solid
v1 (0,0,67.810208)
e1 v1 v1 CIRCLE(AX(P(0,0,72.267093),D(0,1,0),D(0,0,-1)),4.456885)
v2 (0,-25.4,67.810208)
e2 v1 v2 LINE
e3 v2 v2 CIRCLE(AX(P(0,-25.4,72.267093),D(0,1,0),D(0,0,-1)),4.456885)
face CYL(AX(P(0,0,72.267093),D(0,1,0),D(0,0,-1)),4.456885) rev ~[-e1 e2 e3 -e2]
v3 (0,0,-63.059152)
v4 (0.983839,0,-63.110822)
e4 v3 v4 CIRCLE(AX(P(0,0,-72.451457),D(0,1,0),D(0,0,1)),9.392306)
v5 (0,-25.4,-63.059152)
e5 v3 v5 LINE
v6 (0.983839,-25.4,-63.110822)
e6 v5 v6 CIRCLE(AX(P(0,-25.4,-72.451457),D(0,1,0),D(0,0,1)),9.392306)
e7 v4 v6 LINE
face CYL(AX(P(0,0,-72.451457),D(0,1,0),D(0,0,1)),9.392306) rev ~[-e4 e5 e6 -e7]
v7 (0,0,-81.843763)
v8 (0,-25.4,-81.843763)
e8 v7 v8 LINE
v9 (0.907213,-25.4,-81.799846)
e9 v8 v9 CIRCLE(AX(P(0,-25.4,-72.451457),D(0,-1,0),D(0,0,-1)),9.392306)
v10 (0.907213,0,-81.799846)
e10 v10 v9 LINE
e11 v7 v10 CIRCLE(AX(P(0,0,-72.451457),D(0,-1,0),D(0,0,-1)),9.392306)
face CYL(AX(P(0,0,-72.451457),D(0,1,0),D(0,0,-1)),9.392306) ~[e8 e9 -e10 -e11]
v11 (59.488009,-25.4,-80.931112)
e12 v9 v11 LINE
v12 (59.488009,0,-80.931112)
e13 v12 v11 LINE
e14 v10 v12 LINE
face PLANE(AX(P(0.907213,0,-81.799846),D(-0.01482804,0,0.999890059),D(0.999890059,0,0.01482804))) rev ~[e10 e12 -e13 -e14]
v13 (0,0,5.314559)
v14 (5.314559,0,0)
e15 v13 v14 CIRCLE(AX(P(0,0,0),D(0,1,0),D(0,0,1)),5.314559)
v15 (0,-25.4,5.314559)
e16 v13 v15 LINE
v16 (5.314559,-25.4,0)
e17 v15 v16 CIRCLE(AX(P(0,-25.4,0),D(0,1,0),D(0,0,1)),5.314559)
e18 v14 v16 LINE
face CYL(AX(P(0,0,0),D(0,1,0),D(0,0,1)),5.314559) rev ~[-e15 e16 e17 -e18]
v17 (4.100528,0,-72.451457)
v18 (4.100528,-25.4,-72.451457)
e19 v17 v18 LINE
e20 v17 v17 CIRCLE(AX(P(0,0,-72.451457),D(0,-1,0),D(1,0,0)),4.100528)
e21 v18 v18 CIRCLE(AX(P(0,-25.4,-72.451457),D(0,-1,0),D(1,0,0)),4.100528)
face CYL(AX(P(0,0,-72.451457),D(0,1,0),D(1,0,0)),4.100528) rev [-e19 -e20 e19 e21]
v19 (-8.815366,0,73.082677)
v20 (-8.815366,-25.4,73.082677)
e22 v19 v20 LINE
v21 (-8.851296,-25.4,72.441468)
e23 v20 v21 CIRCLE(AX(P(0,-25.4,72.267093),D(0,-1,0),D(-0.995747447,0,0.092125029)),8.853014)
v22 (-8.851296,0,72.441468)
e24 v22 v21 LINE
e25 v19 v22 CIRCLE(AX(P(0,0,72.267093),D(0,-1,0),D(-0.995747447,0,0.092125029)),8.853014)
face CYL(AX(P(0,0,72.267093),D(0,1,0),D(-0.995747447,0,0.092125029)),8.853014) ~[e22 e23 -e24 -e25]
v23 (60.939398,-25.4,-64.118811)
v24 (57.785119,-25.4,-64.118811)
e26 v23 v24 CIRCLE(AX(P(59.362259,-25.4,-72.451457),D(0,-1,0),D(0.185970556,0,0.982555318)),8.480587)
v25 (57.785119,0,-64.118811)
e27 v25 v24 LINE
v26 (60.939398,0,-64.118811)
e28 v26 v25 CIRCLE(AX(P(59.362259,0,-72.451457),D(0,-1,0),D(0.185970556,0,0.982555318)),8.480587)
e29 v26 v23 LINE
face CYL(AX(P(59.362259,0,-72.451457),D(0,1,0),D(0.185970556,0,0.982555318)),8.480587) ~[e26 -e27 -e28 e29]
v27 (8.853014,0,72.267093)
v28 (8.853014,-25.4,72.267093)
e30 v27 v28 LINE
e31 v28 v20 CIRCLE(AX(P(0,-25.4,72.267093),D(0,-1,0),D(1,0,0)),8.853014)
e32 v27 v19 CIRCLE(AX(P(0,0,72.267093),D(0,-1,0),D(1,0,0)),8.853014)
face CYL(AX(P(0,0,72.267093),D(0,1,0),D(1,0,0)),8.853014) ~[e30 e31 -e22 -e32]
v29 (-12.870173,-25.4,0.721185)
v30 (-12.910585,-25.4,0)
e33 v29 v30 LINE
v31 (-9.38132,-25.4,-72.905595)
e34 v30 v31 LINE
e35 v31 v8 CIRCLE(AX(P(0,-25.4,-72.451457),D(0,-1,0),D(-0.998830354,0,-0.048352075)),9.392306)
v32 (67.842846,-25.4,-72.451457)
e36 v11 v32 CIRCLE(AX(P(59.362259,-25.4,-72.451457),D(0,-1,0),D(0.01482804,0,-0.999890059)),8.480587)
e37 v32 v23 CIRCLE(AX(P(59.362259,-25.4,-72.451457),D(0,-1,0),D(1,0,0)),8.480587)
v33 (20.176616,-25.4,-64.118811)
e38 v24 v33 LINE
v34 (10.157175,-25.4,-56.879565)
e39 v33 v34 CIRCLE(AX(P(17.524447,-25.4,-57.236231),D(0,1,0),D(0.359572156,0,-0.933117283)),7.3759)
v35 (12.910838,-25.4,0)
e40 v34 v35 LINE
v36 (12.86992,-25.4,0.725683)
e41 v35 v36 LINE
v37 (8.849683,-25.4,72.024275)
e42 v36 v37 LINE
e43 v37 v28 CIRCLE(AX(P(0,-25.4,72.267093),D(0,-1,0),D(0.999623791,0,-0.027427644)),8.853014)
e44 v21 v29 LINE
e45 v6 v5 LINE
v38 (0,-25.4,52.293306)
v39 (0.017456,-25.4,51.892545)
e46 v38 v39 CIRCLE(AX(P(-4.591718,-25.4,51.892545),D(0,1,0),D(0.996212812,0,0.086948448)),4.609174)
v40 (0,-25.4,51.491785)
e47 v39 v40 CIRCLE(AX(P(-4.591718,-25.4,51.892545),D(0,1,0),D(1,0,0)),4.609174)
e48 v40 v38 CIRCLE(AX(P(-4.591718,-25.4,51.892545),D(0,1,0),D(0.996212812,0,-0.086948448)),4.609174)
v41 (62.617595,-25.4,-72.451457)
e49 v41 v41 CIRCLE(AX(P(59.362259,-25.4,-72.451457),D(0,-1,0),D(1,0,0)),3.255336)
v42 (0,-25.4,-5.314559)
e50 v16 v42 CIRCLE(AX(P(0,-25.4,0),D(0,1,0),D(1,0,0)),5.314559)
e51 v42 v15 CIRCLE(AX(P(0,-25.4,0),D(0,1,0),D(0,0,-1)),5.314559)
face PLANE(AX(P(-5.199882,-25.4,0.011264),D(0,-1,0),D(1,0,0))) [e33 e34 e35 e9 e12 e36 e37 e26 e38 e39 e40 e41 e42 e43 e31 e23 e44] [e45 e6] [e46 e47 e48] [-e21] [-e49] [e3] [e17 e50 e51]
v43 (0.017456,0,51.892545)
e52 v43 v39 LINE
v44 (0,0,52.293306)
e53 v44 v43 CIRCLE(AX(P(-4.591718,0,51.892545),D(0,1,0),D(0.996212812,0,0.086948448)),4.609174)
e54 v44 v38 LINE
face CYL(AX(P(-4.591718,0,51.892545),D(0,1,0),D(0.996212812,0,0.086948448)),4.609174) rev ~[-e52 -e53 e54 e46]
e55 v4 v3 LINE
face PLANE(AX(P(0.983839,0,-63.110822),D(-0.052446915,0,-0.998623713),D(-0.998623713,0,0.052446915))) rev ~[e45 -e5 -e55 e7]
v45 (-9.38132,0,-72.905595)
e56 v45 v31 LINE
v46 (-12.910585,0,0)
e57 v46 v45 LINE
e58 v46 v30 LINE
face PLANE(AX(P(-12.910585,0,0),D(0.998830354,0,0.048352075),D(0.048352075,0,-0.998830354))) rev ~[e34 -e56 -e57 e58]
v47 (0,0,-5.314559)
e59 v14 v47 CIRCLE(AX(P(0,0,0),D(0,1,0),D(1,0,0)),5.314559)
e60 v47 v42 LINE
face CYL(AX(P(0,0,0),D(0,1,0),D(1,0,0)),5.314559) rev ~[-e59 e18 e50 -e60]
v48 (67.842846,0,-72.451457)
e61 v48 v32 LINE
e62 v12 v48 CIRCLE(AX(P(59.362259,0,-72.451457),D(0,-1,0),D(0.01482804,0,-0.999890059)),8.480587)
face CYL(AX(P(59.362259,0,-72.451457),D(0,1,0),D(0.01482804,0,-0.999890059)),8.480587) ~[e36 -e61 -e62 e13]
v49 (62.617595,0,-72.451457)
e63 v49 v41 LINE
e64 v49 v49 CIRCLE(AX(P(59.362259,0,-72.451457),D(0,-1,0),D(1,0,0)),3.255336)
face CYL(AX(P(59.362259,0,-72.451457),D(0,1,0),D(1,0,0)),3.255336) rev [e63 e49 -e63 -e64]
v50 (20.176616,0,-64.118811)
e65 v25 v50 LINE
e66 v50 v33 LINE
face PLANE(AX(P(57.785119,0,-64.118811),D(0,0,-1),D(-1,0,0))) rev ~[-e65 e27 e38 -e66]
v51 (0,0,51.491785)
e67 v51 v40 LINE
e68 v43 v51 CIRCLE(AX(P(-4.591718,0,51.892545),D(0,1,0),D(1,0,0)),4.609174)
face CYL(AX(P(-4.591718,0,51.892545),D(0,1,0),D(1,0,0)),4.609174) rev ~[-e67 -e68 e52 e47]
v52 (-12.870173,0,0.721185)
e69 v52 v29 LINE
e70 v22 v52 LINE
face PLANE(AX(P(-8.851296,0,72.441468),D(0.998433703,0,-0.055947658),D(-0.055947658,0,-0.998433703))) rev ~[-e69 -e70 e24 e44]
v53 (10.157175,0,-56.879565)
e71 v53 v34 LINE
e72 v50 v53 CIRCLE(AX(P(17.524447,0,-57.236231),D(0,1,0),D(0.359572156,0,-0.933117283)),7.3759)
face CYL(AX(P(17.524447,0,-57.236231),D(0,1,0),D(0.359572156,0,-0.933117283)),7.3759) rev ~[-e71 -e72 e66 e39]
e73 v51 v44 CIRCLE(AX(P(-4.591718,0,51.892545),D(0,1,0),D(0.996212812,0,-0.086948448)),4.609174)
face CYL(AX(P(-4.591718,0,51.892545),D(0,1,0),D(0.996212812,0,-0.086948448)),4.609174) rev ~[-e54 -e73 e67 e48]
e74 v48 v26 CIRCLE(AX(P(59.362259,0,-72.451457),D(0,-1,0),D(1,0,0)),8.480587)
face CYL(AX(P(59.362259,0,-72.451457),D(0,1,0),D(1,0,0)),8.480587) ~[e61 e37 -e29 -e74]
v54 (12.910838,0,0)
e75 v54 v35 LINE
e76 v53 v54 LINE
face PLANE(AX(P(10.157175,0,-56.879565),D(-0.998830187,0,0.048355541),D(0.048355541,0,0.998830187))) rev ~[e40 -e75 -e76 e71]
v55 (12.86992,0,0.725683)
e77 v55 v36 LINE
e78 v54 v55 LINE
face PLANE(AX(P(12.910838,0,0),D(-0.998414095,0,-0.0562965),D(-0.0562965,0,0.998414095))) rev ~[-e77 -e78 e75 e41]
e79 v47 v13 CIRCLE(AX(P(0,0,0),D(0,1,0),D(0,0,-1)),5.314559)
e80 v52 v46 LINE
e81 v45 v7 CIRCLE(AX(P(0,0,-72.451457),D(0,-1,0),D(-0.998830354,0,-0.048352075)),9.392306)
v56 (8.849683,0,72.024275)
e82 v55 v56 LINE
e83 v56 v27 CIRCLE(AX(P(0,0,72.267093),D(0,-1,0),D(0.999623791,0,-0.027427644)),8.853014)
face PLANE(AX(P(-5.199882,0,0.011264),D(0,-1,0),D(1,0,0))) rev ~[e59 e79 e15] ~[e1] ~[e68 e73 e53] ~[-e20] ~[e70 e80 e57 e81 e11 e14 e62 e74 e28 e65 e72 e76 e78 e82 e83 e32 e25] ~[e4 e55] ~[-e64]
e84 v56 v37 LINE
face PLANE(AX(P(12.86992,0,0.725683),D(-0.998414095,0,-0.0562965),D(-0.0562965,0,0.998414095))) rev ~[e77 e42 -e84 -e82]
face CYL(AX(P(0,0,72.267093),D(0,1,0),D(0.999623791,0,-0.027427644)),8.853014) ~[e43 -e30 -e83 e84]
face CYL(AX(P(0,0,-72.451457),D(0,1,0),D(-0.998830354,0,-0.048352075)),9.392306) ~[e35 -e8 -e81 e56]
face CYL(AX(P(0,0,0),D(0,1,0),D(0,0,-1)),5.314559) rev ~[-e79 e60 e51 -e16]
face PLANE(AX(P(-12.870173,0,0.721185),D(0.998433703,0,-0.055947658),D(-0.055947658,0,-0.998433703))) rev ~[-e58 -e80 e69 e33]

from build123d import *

# Parameters (mm, degrees)
F0_R     = 4.100527945
F0_R_2   = 3.2553358604
F1_DEPTH = 25.4


with BuildPart() as f1:
    # F0 (on Front) → F1 (new body)
    with BuildSketch(Plane.XZ):
        with BuildLine():
            ThreePointArc((0, -5.3145587727), (-5.3145587727, 0), (0, 5.3145587727))
            Line((0, 5.3145587727), (0, 12.8903631138))
            ThreePointArc((0, 12.8903631138), (-8.8562159855, 9.3663706752), (-12.8701730071, 0.7211851179))
            ThreePointArc((-12.8701730071, 0.7211851179), (-9.3663706752, -8.8562159855), (0, -12.8903631138))
            Line((0, -12.8903631138), (0, -5.3145587727))
        make_face()
        with BuildLine():
            Line((0, 12.8903631138), (0, 5.3145587727))
            ThreePointArc((0, 5.3145587727), (3.7579605472, 3.7579605472), (5.3145587727, 0))
            ThreePointArc((5.3145587727, 0), (3.7579605472, -3.7579605472), (0, -5.3145587727))
            Line((0, -5.3145587727), (0, -12.8903631138))
            ThreePointArc((0, -12.8903631138), (9.1148631697, -9.1148631697), (12.8903631138, 0))
            ThreePointArc((12.8903631138, 0), (12.8852513702, 0.3629853085), (12.8699201933, 0.7256827295))
            ThreePointArc((12.8699201933, 0.7256827295), (8.854579248, 9.3679179943), (0, 12.8903631138))
        make_face()
        with BuildLine():
            ThreePointArc((-12.8701730071, 0.7211851179), (-8.8562159855, 9.3663706752), (0, 12.8903631138))
            Line((0, 12.8903631138), (0, 51.4917845364))
            ThreePointArc((0, 51.4917845364), (-9.2008924398, 51.8925450742), (0, 52.2933056121))
            Line((0, 52.2933056121), (0, 63.4140789116))
            ThreePointArc((0, 63.4140789116), (-6.3213763068, 66.0690240438), (-8.8512963855, 72.4414675675))
            Line((-8.8512963855, 72.4414675675), (-12.8701730071, 0.7211851179))
        make_face()
        with BuildLine():
            Line((0, 51.4917845364), (0, 12.8903631138))
            ThreePointArc((0, 12.8903631138), (8.854579248, 9.3679179943), (12.8699201933, 0.7256827295))
            Line((12.8699201933, 0.7256827295), (8.8496832729, 72.024275454))
            ThreePointArc((8.8496832729, 72.024275454), (6.1735803738, 65.921798473), (0, 63.4140789116))
            Line((0, 63.4140789116), (0, 52.2933056121))
            ThreePointArc((0, 52.2933056121), (0.0130897879, 52.0931153324), (0.0174558077, 51.8925450742))
            ThreePointArc((0.0174558077, 51.8925450742), (0.0130897879, 51.691974816), (0, 51.4917845364))
        make_face()
        with BuildLine():
            ThreePointArc((12.8903631138, 0), (9.1148631697, -9.1148631697), (0, -12.8903631138))
            Line((0, -12.8903631138), (0, -63.059151577))
            ThreePointArc((0, -63.059151577), (0.4925974656, -63.072078081), (0.9838390208, -63.110822012))
            ThreePointArc((0.9838390208, -63.110822012), (6.9805417149, -66.1675536831), (9.3923058042, -72.4514573812))
            ThreePointArc((9.3923058042, -72.4514573812), (6.9547187726, -78.7639287764), (0.9072125917, -81.7998462068))
            Line((0.9072125917, -81.7998462068), (59.488009246, -80.9311123288))
            ThreePointArc((59.488009246, -80.9311123288), (56.7257095574, -80.5117904702), (54.2495770477, -79.2176118948))
            ThreePointArc((54.2495770477, -79.2176118948), (50.9036492433, -71.8413047594), (55.2735928676, -65.0215736395))
            ThreePointArc((55.2735928676, -65.0215736395), (56.4936209685, -64.4707758049), (57.7851192264, -64.118811217))
            Line((57.7851192264, -64.118811217), (20.1766155648, -64.118811217))
            ThreePointArc((20.1766155648, -64.118811217), (13.2047572322, -63.2148752561), (10.1571750656, -56.8795653371))
            Line((10.1571750656, -56.8795653371), (12.9108384834, 0))
            Line((12.9108384834, 0), (12.8699201933, 0.7256827295))
            ThreePointArc((12.8699201933, 0.7256827295), (12.8852513702, 0.3629853085), (12.8903631138, 0))
        make_face()
        with BuildLine():
            Line((0, -63.059151577), (0, -12.8903631138))
            ThreePointArc((0, -12.8903631138), (-9.3663706752, -8.8562159855), (-12.8701730071, 0.7211851179))
            Line((-12.8701730071, 0.7211851179), (-12.9105849228, 0))
            Line((-12.9105849228, 0), (-9.3813201349, -72.905594857))
            ThreePointArc((-9.3813201349, -72.905594857), (-6.8000296459, -65.9726453655), (0, -63.059151577))
        make_face()
        with BuildLine():
            Line((0.9838390208, -63.110822012), (0, -63.059151577))
            ThreePointArc((0, -63.059151577), (-6.8000296459, -65.9726453655), (-9.3813201349, -72.905594857))
            ThreePointArc((-9.3813201349, -72.905594857), (-6.4788120158, -79.2514870271), (0, -81.8437631855))
            Line((0, -81.8437631855), (0.9072125917, -81.7998462068))
            ThreePointArc((0.9072125917, -81.7998462068), (6.9547187726, -78.7639287764), (9.3923058042, -72.4514573812))
            ThreePointArc((9.3923058042, -72.4514573812), (6.9805417149, -66.1675536831), (0.9838390208, -63.110822012))
        make_face()
        with Locations((0, -72.4514573812)):
            Circle(F0_R, mode=Mode.SUBTRACT)
        with BuildLine():
            ThreePointArc((0, 63.4140789116), (6.1735803738, 65.921798473), (8.8496832729, 72.024275454))
            ThreePointArc((8.8496832729, 72.024275454), (8.8521811686, 72.1456726888), (8.8530138527, 72.2670927644))
            ThreePointArc((8.8530138527, 72.2670927644), (0.4082263103, 81.110689632), (-8.8153659459, 73.0826769212))
            Line((-8.8153659459, 73.0826769212), (-8.8512963855, 72.4414675675))
            ThreePointArc((-8.8512963855, 72.4414675675), (-6.3213763068, 66.0690240438), (0, 63.4140789116))
        make_face()
        with BuildLine():
            ThreePointArc((4.4568849736, 72.2670927644), (3.1514935878, 69.1155991766), (0, 67.8102077908))
            ThreePointArc((0, 67.8102077908), (-3.1514935878, 75.4185863522), (4.4568849736, 72.2670927644))
        make_face(mode=Mode.SUBTRACT)
        with BuildLine():
            ThreePointArc((-8.8153659459, 73.0826769212), (-8.8391474047, 72.7623981598), (-8.8512963855, 72.4414675675))
            Line((-8.8512963855, 72.4414675675), (-8.8153659459, 73.0826769212))
        make_face()
        with BuildLine():
            Line((0.9072125917, -81.7998462068), (0, -81.8437631855))
            ThreePointArc((0, -81.8437631855), (0.4541374757, -81.8327775161), (0.9072125917, -81.7998462068))
        make_face()
        with BuildLine():
            Line((60.9393982978, -64.118811217), (57.7851192264, -64.118811217))
            ThreePointArc((57.7851192264, -64.118811217), (56.4936209685, -64.4707758049), (55.2735928676, -65.0215736395))
            ThreePointArc((55.2735928676, -65.0215736395), (50.9036492433, -71.8413047594), (54.2495770477, -79.2176118948))
            ThreePointArc((54.2495770477, -79.2176118948), (56.7257095574, -80.5117904702), (59.488009246, -80.9311123288))
            ThreePointArc((59.488009246, -80.9311123288), (65.4032354701, -78.4035126252), (67.8428460775, -72.4514573812))
            ThreePointArc((67.8428460775, -72.4514573812), (65.8927805925, -67.0410372648), (60.9393982978, -64.118811217))
        make_face()
        with Locations((59.3622587621, -72.4514573812)):
            Circle(F0_R_2, mode=Mode.SUBTRACT)
        with BuildLine():
            ThreePointArc((60.9393982978, -64.118811217), (59.3622587621, -63.9708700659), (57.7851192264, -64.118811217))
            Line((57.7851192264, -64.118811217), (60.9393982978, -64.118811217))
        make_face()
    extrude(amount=F1_DEPTH)


solid = f1.part
